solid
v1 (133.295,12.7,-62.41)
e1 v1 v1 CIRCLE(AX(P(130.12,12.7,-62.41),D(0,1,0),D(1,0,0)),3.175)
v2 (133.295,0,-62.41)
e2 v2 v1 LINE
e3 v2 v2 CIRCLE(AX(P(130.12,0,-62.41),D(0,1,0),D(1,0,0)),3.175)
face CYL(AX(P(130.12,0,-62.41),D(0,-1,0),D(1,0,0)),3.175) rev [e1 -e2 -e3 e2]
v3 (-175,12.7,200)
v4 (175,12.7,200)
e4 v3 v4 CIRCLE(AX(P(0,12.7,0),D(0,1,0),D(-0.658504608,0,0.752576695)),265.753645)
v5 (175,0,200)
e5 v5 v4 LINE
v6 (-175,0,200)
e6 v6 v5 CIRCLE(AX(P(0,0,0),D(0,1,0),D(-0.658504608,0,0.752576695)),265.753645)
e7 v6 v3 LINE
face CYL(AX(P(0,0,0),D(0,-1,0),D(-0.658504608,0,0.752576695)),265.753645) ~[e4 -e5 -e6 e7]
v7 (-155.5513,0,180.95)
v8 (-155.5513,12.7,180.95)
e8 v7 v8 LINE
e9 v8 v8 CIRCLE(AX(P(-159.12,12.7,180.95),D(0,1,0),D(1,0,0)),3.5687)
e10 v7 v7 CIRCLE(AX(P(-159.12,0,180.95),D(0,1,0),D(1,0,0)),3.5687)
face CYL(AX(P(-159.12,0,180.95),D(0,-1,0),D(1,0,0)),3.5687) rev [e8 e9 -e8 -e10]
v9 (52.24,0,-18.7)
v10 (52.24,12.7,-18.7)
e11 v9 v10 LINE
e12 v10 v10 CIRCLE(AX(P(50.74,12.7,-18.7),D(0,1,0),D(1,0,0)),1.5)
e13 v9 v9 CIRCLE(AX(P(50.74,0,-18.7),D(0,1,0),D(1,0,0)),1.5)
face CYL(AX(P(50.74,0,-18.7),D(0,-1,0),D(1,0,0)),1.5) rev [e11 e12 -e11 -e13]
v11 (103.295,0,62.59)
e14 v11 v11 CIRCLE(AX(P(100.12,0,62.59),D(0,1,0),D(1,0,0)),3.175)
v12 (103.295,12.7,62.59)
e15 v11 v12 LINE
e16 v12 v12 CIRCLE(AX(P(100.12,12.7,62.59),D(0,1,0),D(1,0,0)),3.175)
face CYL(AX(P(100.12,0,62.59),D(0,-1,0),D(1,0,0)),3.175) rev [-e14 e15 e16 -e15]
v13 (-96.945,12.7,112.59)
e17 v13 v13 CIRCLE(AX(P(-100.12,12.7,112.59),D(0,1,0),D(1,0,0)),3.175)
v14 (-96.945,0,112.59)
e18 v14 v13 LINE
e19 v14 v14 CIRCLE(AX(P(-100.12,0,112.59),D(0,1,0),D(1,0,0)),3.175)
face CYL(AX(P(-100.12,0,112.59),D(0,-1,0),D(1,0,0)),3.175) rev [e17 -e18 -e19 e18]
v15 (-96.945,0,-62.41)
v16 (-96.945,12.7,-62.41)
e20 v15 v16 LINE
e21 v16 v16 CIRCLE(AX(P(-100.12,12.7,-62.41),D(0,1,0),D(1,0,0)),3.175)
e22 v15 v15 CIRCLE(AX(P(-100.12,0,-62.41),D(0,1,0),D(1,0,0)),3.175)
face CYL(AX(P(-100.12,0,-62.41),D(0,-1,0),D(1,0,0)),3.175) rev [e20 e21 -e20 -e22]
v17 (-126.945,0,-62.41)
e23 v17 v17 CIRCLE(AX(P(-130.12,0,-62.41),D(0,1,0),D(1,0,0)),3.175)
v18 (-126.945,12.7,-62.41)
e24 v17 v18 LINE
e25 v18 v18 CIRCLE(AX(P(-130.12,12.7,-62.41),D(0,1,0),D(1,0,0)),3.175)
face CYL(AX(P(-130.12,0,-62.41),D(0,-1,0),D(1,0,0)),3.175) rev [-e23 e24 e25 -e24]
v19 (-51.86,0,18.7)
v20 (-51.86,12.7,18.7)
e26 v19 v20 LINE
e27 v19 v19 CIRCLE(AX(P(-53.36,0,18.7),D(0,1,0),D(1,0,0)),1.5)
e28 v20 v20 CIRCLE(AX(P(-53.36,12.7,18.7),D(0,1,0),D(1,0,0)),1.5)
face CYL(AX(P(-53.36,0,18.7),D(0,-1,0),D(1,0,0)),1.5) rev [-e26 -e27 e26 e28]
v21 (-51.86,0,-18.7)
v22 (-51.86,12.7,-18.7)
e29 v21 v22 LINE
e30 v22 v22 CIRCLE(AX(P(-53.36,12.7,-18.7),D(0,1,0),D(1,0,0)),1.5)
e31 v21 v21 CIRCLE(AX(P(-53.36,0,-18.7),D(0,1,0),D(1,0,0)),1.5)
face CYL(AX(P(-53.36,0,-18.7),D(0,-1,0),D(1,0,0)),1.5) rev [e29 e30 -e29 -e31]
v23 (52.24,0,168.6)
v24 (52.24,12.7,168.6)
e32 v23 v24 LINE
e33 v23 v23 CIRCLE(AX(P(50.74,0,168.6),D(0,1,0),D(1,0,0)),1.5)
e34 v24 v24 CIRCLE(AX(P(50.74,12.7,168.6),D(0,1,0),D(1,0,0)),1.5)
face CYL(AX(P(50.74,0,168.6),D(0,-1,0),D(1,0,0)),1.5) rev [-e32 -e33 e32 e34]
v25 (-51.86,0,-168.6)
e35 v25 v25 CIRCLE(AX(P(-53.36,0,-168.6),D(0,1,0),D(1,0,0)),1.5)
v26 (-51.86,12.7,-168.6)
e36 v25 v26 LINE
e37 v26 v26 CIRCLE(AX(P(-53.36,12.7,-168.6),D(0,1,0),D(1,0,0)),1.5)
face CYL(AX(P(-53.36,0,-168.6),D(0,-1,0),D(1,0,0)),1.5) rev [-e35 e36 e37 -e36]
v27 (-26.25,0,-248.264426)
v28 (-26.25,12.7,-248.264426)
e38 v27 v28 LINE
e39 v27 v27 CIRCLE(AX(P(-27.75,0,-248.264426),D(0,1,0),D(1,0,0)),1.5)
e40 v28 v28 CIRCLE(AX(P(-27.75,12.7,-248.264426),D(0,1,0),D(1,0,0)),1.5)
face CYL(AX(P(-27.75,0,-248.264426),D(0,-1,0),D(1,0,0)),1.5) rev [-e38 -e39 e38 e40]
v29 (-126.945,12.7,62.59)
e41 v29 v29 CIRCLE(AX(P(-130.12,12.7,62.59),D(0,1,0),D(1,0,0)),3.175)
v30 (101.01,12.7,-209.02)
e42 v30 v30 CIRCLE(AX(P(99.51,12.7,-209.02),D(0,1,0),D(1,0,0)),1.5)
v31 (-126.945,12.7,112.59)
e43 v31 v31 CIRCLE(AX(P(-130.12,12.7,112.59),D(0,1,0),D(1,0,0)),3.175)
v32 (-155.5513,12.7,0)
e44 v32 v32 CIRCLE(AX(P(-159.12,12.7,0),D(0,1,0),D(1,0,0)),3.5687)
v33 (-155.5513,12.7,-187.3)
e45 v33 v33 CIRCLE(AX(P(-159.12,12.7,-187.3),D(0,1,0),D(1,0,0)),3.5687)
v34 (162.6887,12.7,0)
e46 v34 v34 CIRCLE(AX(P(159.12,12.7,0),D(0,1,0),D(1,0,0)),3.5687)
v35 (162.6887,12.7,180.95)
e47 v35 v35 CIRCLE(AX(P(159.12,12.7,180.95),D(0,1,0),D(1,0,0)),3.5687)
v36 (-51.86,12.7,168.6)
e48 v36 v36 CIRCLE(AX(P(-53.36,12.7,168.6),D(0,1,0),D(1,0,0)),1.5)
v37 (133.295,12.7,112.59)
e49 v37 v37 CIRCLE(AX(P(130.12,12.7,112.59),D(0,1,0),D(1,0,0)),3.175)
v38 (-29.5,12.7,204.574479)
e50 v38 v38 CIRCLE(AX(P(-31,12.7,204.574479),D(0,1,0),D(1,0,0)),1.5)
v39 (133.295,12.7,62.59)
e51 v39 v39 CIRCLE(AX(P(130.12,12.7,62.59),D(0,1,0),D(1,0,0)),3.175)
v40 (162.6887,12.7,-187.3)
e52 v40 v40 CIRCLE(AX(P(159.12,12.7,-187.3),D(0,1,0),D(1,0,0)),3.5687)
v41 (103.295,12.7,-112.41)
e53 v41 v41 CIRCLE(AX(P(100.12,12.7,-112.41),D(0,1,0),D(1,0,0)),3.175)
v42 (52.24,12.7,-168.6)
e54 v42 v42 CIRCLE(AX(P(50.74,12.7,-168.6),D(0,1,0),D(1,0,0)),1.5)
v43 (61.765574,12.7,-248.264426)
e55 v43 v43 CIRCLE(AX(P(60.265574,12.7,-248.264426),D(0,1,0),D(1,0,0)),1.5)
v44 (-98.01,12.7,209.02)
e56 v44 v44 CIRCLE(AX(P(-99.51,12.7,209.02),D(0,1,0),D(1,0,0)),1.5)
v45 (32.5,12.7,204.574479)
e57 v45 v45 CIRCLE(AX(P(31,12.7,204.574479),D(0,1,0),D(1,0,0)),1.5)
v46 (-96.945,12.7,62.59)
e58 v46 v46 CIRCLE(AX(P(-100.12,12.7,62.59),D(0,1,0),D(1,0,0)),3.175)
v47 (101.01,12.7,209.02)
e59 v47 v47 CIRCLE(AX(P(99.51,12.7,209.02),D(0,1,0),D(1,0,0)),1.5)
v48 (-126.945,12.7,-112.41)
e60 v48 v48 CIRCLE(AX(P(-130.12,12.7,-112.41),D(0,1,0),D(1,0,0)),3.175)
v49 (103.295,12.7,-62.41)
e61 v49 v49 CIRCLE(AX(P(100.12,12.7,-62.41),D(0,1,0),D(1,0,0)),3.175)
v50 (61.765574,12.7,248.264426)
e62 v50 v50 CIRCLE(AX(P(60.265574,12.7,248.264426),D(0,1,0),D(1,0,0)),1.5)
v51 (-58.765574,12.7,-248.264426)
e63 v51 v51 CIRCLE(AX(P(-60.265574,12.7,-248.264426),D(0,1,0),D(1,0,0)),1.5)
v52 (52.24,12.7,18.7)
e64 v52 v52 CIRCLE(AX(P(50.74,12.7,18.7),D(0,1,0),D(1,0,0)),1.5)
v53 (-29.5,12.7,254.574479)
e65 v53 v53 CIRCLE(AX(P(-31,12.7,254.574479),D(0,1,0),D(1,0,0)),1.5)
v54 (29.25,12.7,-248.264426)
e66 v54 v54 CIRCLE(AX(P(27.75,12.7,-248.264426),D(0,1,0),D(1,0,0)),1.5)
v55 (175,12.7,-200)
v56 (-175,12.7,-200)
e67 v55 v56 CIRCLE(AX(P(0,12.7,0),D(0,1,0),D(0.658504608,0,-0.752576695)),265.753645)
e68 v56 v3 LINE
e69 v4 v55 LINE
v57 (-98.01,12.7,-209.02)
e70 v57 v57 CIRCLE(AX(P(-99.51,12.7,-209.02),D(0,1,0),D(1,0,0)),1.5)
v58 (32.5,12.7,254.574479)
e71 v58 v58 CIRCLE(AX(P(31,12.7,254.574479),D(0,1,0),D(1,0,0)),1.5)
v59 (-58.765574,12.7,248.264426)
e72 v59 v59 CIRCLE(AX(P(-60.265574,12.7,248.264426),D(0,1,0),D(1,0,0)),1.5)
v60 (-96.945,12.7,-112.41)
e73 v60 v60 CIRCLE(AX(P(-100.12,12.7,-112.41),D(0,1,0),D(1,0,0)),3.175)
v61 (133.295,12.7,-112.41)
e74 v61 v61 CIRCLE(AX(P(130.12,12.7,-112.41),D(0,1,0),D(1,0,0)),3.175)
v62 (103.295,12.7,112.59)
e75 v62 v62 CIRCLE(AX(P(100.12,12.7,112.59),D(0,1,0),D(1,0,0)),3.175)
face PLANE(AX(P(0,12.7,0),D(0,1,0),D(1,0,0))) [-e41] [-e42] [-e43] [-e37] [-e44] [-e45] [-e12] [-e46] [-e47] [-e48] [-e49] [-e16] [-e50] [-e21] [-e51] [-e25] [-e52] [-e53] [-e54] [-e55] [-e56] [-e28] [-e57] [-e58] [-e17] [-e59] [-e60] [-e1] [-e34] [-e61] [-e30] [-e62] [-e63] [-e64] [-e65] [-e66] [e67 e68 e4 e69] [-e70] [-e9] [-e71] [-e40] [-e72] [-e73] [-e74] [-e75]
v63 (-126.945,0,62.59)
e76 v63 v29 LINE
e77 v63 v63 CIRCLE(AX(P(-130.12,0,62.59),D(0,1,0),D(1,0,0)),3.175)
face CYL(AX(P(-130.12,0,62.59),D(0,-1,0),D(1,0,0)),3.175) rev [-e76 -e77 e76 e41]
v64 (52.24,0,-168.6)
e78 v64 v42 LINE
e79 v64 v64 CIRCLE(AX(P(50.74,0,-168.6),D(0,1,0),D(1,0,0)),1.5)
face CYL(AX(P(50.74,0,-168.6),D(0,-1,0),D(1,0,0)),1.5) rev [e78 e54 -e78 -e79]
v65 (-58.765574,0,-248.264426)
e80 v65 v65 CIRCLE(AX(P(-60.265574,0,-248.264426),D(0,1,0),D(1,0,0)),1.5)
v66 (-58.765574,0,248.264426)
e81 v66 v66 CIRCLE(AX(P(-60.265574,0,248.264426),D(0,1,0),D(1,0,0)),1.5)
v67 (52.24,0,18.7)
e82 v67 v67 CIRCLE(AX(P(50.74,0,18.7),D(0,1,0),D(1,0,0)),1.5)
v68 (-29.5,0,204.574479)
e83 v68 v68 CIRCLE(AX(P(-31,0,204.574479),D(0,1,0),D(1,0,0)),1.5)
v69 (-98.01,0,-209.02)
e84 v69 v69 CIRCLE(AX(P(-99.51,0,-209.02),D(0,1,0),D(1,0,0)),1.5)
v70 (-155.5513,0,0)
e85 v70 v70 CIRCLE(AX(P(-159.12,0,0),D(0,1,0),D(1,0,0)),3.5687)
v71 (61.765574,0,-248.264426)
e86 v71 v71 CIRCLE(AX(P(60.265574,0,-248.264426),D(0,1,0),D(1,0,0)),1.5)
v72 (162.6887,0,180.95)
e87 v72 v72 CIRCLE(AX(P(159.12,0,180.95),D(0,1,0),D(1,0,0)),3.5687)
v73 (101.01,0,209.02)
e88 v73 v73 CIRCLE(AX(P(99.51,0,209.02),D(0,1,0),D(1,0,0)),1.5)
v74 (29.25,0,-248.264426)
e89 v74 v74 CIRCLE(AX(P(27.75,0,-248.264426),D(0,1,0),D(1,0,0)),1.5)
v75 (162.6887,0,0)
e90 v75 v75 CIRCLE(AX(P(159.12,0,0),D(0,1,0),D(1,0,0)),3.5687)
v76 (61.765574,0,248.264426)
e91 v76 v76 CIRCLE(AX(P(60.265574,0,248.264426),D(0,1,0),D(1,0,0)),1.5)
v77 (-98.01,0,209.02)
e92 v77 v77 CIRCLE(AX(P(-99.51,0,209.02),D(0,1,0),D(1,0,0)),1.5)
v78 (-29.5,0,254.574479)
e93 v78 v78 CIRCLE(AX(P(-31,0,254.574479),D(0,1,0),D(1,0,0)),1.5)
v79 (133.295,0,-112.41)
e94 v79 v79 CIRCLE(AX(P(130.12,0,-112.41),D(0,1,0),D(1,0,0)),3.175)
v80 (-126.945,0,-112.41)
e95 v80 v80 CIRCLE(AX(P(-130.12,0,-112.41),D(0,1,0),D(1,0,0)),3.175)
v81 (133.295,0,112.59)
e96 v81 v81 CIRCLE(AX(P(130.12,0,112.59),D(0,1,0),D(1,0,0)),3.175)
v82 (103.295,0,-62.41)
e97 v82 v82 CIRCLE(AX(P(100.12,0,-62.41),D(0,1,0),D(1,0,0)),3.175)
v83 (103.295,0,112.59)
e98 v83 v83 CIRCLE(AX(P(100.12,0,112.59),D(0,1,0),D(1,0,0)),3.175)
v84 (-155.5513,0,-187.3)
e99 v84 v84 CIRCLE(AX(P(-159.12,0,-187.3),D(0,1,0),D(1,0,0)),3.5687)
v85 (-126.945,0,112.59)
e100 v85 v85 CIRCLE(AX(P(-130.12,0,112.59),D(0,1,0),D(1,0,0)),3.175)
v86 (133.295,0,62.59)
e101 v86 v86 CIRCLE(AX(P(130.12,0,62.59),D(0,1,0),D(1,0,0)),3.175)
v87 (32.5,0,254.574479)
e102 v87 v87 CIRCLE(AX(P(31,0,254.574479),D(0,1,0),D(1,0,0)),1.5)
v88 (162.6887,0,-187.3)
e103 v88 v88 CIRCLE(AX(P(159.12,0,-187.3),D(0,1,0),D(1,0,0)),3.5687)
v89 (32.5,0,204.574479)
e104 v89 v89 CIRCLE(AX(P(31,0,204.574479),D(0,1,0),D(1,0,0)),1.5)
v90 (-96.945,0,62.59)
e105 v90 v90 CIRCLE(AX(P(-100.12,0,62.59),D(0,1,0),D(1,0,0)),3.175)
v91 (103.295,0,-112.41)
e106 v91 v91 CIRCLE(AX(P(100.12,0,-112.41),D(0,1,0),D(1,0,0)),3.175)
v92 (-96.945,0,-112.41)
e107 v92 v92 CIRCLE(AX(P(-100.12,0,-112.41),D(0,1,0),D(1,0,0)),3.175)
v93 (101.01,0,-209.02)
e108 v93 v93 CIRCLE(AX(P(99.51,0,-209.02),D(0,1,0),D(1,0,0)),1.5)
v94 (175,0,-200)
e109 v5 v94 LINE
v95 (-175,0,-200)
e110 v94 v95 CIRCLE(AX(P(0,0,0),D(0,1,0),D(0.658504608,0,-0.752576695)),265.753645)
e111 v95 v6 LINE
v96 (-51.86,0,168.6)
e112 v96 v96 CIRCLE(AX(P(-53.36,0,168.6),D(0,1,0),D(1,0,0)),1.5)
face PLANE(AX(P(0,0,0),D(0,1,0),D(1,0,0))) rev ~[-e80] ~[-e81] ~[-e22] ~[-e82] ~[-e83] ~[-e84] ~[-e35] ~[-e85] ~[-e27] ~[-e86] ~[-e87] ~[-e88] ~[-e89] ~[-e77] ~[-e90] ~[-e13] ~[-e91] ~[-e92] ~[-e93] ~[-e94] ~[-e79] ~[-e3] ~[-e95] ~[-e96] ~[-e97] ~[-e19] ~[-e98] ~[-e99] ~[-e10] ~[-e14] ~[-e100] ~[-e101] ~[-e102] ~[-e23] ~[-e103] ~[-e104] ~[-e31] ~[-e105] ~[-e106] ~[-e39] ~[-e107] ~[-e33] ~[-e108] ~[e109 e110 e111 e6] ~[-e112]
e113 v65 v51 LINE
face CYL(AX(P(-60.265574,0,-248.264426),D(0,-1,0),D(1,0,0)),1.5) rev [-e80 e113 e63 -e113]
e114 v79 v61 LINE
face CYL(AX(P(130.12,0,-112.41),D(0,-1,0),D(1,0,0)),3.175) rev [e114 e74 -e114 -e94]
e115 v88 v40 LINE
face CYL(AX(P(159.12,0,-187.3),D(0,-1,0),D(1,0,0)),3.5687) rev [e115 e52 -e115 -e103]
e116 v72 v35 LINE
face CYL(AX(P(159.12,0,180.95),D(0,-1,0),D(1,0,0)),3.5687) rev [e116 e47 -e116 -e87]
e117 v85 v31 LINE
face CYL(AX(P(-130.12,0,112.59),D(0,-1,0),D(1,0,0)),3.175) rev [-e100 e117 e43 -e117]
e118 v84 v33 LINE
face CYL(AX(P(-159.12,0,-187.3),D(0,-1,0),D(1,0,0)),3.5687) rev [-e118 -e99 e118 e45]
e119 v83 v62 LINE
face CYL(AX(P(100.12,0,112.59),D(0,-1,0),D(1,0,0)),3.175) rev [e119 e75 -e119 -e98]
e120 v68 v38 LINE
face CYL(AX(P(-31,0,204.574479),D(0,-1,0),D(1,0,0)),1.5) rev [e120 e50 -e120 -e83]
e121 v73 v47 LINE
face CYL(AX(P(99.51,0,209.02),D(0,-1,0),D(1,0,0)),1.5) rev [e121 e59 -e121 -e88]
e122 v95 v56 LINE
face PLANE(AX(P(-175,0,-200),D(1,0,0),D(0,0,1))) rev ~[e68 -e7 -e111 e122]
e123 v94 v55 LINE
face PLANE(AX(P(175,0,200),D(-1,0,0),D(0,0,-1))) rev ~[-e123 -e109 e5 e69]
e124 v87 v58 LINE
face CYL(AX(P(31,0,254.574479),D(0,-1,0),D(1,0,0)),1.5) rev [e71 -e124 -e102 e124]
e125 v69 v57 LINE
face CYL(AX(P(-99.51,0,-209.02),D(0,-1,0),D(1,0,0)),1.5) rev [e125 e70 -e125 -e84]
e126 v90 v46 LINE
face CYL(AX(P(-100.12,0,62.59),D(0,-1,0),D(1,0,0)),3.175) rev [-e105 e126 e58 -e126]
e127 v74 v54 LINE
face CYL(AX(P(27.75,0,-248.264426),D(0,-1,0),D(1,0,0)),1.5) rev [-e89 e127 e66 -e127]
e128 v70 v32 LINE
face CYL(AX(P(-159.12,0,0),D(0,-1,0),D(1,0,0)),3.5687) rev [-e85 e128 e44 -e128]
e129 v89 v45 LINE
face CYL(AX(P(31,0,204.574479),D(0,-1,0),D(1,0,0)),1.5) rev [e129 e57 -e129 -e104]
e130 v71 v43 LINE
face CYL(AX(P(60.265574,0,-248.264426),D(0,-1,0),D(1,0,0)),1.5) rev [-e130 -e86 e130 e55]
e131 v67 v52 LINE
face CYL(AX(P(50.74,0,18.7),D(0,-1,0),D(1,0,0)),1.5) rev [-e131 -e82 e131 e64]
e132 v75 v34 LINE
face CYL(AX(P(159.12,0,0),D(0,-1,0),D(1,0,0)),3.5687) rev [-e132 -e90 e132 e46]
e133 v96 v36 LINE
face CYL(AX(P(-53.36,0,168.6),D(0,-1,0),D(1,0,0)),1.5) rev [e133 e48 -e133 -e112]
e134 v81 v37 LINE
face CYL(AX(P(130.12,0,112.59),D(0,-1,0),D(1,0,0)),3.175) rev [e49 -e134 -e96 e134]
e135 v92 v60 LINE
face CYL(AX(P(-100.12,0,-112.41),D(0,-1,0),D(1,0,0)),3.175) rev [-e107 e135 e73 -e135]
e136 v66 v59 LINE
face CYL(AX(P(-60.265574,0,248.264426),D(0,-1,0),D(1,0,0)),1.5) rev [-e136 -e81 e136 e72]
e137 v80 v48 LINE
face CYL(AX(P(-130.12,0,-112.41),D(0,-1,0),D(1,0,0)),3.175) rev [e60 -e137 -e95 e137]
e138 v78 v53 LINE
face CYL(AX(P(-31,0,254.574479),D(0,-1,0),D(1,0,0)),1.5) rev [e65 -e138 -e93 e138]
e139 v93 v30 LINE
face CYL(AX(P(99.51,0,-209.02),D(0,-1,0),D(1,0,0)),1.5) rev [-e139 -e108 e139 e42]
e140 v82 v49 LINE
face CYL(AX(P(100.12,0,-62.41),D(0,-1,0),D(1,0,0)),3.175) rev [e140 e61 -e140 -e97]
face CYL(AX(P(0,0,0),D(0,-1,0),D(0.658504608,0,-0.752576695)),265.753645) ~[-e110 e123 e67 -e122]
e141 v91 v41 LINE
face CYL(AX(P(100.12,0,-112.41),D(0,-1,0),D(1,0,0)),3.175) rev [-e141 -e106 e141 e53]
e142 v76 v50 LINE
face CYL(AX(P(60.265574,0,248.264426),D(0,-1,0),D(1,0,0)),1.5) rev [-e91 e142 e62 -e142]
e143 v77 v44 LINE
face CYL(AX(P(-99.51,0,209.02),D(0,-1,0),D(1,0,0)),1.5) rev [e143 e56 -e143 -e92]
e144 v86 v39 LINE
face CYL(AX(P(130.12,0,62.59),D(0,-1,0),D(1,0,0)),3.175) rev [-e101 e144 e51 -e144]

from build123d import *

# Parameters (mm, degrees)
SKETCH1_R           = 3.175
SKETCH1_R_2         = 1.5
SKETCH1_R_3         = 3.5687
BOSS_EXTRUDE1_DEPTH = 12.7


with BuildPart() as part:
    # Sketch1 → Boss-Extrude1 (new body)
    with BuildSketch(Plane(origin=(0, 0, 0), x_dir=(1, 0, 0), z_dir=(0, 1, 0))):
        with BuildLine():
            Line((175, -200), (175, 200))
            ThreePointArc((175, 200), (0, 265.753645318), (-175, 200))
            Line((-175, 200), (-175, -200))
            ThreePointArc((-175, -200), (0, -265.753645318), (175, -200))
        make_face()
        with Locations((130.12, 112.41)):
            Circle(SKETCH1_R, mode=Mode.SUBTRACT)
        with Locations((130.12, 62.41)):
            Circle(SKETCH1_R, mode=Mode.SUBTRACT)
        with Locations((100.12, 112.41)):
            Circle(SKETCH1_R, mode=Mode.SUBTRACT)
        with Locations((100.12, 62.41)):
            Circle(SKETCH1_R, mode=Mode.SUBTRACT)
        with Locations((-130.12, 62.41)):
            Circle(SKETCH1_R, mode=Mode.SUBTRACT)
        with Locations((-100.12, 62.41)):
            Circle(SKETCH1_R, mode=Mode.SUBTRACT)
        with Locations((-100.12, 112.41)):
            Circle(SKETCH1_R, mode=Mode.SUBTRACT)
        with Locations((-130.12, 112.41)):
            Circle(SKETCH1_R, mode=Mode.SUBTRACT)
        with Locations((-130.12, -62.59)):
            Circle(SKETCH1_R, mode=Mode.SUBTRACT)
        with Locations((-100.12, -62.59)):
            Circle(SKETCH1_R, mode=Mode.SUBTRACT)
        with Locations((-100.12, -112.59)):
            Circle(SKETCH1_R, mode=Mode.SUBTRACT)
        with Locations((-130.12, -112.59)):
            Circle(SKETCH1_R, mode=Mode.SUBTRACT)
        with Locations((130.12, -62.59)):
            Circle(SKETCH1_R, mode=Mode.SUBTRACT)
        with Locations((100.12, -62.59)):
            Circle(SKETCH1_R, mode=Mode.SUBTRACT)
        with Locations((100.12, -112.59)):
            Circle(SKETCH1_R, mode=Mode.SUBTRACT)
        with Locations((130.12, -112.59)):
            Circle(SKETCH1_R, mode=Mode.SUBTRACT)
        with Locations((-99.51, 209.02)):
            Circle(SKETCH1_R_2, mode=Mode.SUBTRACT)
        with Locations((-60.265573644, 248.264426356)):
            Circle(SKETCH1_R_2, mode=Mode.SUBTRACT)
        with Locations((-27.75, 248.264426356)):
            Circle(SKETCH1_R_2, mode=Mode.SUBTRACT)
        with Locations((27.75, 248.264426356)):
            Circle(SKETCH1_R_2, mode=Mode.SUBTRACT)
        with Locations((60.265573644, 248.264426356)):
            Circle(SKETCH1_R_2, mode=Mode.SUBTRACT)
        with Locations((99.51, 209.02)):
            Circle(SKETCH1_R_2, mode=Mode.SUBTRACT)
        with Locations((-60.265573644, -248.264426356)):
            Circle(SKETCH1_R_2, mode=Mode.SUBTRACT)
        with Locations((99.51, -209.02)):
            Circle(SKETCH1_R_2, mode=Mode.SUBTRACT)
        with Locations((60.265573644, -248.264426356)):
            Circle(SKETCH1_R_2, mode=Mode.SUBTRACT)
        with Locations((-99.51, -209.02)):
            Circle(SKETCH1_R_2, mode=Mode.SUBTRACT)
        with Locations((-53.36, 168.6)):
            Circle(SKETCH1_R_2, mode=Mode.SUBTRACT)
        with Locations((50.74, 168.6)):
            Circle(SKETCH1_R_2, mode=Mode.SUBTRACT)
        with Locations((-53.36, 18.7)):
            Circle(SKETCH1_R_2, mode=Mode.SUBTRACT)
        with Locations((50.74, 18.7)):
            Circle(SKETCH1_R_2, mode=Mode.SUBTRACT)
        with Locations((50.74, -18.7)):
            Circle(SKETCH1_R_2, mode=Mode.SUBTRACT)
        with Locations((-53.36, -18.7)):
            Circle(SKETCH1_R_2, mode=Mode.SUBTRACT)
        with Locations((50.74, -168.6)):
            Circle(SKETCH1_R_2, mode=Mode.SUBTRACT)
        with Locations((-53.36, -168.6)):
            Circle(SKETCH1_R_2, mode=Mode.SUBTRACT)
        with Locations((-31, -204.574478526)):
            Circle(SKETCH1_R_2, mode=Mode.SUBTRACT)
        with Locations((-31, -254.574478526)):
            Circle(SKETCH1_R_2, mode=Mode.SUBTRACT)
        with Locations((31, -254.574478526)):
            Circle(SKETCH1_R_2, mode=Mode.SUBTRACT)
        with Locations((31, -204.574478526)):
            Circle(SKETCH1_R_2, mode=Mode.SUBTRACT)
        with Locations((-159.12, 0)):
            Circle(SKETCH1_R_3, mode=Mode.SUBTRACT)
        with Locations((-159.12, -180.95)):
            Circle(SKETCH1_R_3, mode=Mode.SUBTRACT)
        with Locations((-159.12, 187.3)):
            Circle(SKETCH1_R_3, mode=Mode.SUBTRACT)
        with Locations((159.12, -180.95)):
            Circle(SKETCH1_R_3, mode=Mode.SUBTRACT)
        with Locations((159.12, 0)):
            Circle(SKETCH1_R_3, mode=Mode.SUBTRACT)
        with Locations((159.12, 187.3)):
            Circle(SKETCH1_R_3, mode=Mode.SUBTRACT)
    extrude(amount=BOSS_EXTRUDE1_DEPTH)


solid = part.part
